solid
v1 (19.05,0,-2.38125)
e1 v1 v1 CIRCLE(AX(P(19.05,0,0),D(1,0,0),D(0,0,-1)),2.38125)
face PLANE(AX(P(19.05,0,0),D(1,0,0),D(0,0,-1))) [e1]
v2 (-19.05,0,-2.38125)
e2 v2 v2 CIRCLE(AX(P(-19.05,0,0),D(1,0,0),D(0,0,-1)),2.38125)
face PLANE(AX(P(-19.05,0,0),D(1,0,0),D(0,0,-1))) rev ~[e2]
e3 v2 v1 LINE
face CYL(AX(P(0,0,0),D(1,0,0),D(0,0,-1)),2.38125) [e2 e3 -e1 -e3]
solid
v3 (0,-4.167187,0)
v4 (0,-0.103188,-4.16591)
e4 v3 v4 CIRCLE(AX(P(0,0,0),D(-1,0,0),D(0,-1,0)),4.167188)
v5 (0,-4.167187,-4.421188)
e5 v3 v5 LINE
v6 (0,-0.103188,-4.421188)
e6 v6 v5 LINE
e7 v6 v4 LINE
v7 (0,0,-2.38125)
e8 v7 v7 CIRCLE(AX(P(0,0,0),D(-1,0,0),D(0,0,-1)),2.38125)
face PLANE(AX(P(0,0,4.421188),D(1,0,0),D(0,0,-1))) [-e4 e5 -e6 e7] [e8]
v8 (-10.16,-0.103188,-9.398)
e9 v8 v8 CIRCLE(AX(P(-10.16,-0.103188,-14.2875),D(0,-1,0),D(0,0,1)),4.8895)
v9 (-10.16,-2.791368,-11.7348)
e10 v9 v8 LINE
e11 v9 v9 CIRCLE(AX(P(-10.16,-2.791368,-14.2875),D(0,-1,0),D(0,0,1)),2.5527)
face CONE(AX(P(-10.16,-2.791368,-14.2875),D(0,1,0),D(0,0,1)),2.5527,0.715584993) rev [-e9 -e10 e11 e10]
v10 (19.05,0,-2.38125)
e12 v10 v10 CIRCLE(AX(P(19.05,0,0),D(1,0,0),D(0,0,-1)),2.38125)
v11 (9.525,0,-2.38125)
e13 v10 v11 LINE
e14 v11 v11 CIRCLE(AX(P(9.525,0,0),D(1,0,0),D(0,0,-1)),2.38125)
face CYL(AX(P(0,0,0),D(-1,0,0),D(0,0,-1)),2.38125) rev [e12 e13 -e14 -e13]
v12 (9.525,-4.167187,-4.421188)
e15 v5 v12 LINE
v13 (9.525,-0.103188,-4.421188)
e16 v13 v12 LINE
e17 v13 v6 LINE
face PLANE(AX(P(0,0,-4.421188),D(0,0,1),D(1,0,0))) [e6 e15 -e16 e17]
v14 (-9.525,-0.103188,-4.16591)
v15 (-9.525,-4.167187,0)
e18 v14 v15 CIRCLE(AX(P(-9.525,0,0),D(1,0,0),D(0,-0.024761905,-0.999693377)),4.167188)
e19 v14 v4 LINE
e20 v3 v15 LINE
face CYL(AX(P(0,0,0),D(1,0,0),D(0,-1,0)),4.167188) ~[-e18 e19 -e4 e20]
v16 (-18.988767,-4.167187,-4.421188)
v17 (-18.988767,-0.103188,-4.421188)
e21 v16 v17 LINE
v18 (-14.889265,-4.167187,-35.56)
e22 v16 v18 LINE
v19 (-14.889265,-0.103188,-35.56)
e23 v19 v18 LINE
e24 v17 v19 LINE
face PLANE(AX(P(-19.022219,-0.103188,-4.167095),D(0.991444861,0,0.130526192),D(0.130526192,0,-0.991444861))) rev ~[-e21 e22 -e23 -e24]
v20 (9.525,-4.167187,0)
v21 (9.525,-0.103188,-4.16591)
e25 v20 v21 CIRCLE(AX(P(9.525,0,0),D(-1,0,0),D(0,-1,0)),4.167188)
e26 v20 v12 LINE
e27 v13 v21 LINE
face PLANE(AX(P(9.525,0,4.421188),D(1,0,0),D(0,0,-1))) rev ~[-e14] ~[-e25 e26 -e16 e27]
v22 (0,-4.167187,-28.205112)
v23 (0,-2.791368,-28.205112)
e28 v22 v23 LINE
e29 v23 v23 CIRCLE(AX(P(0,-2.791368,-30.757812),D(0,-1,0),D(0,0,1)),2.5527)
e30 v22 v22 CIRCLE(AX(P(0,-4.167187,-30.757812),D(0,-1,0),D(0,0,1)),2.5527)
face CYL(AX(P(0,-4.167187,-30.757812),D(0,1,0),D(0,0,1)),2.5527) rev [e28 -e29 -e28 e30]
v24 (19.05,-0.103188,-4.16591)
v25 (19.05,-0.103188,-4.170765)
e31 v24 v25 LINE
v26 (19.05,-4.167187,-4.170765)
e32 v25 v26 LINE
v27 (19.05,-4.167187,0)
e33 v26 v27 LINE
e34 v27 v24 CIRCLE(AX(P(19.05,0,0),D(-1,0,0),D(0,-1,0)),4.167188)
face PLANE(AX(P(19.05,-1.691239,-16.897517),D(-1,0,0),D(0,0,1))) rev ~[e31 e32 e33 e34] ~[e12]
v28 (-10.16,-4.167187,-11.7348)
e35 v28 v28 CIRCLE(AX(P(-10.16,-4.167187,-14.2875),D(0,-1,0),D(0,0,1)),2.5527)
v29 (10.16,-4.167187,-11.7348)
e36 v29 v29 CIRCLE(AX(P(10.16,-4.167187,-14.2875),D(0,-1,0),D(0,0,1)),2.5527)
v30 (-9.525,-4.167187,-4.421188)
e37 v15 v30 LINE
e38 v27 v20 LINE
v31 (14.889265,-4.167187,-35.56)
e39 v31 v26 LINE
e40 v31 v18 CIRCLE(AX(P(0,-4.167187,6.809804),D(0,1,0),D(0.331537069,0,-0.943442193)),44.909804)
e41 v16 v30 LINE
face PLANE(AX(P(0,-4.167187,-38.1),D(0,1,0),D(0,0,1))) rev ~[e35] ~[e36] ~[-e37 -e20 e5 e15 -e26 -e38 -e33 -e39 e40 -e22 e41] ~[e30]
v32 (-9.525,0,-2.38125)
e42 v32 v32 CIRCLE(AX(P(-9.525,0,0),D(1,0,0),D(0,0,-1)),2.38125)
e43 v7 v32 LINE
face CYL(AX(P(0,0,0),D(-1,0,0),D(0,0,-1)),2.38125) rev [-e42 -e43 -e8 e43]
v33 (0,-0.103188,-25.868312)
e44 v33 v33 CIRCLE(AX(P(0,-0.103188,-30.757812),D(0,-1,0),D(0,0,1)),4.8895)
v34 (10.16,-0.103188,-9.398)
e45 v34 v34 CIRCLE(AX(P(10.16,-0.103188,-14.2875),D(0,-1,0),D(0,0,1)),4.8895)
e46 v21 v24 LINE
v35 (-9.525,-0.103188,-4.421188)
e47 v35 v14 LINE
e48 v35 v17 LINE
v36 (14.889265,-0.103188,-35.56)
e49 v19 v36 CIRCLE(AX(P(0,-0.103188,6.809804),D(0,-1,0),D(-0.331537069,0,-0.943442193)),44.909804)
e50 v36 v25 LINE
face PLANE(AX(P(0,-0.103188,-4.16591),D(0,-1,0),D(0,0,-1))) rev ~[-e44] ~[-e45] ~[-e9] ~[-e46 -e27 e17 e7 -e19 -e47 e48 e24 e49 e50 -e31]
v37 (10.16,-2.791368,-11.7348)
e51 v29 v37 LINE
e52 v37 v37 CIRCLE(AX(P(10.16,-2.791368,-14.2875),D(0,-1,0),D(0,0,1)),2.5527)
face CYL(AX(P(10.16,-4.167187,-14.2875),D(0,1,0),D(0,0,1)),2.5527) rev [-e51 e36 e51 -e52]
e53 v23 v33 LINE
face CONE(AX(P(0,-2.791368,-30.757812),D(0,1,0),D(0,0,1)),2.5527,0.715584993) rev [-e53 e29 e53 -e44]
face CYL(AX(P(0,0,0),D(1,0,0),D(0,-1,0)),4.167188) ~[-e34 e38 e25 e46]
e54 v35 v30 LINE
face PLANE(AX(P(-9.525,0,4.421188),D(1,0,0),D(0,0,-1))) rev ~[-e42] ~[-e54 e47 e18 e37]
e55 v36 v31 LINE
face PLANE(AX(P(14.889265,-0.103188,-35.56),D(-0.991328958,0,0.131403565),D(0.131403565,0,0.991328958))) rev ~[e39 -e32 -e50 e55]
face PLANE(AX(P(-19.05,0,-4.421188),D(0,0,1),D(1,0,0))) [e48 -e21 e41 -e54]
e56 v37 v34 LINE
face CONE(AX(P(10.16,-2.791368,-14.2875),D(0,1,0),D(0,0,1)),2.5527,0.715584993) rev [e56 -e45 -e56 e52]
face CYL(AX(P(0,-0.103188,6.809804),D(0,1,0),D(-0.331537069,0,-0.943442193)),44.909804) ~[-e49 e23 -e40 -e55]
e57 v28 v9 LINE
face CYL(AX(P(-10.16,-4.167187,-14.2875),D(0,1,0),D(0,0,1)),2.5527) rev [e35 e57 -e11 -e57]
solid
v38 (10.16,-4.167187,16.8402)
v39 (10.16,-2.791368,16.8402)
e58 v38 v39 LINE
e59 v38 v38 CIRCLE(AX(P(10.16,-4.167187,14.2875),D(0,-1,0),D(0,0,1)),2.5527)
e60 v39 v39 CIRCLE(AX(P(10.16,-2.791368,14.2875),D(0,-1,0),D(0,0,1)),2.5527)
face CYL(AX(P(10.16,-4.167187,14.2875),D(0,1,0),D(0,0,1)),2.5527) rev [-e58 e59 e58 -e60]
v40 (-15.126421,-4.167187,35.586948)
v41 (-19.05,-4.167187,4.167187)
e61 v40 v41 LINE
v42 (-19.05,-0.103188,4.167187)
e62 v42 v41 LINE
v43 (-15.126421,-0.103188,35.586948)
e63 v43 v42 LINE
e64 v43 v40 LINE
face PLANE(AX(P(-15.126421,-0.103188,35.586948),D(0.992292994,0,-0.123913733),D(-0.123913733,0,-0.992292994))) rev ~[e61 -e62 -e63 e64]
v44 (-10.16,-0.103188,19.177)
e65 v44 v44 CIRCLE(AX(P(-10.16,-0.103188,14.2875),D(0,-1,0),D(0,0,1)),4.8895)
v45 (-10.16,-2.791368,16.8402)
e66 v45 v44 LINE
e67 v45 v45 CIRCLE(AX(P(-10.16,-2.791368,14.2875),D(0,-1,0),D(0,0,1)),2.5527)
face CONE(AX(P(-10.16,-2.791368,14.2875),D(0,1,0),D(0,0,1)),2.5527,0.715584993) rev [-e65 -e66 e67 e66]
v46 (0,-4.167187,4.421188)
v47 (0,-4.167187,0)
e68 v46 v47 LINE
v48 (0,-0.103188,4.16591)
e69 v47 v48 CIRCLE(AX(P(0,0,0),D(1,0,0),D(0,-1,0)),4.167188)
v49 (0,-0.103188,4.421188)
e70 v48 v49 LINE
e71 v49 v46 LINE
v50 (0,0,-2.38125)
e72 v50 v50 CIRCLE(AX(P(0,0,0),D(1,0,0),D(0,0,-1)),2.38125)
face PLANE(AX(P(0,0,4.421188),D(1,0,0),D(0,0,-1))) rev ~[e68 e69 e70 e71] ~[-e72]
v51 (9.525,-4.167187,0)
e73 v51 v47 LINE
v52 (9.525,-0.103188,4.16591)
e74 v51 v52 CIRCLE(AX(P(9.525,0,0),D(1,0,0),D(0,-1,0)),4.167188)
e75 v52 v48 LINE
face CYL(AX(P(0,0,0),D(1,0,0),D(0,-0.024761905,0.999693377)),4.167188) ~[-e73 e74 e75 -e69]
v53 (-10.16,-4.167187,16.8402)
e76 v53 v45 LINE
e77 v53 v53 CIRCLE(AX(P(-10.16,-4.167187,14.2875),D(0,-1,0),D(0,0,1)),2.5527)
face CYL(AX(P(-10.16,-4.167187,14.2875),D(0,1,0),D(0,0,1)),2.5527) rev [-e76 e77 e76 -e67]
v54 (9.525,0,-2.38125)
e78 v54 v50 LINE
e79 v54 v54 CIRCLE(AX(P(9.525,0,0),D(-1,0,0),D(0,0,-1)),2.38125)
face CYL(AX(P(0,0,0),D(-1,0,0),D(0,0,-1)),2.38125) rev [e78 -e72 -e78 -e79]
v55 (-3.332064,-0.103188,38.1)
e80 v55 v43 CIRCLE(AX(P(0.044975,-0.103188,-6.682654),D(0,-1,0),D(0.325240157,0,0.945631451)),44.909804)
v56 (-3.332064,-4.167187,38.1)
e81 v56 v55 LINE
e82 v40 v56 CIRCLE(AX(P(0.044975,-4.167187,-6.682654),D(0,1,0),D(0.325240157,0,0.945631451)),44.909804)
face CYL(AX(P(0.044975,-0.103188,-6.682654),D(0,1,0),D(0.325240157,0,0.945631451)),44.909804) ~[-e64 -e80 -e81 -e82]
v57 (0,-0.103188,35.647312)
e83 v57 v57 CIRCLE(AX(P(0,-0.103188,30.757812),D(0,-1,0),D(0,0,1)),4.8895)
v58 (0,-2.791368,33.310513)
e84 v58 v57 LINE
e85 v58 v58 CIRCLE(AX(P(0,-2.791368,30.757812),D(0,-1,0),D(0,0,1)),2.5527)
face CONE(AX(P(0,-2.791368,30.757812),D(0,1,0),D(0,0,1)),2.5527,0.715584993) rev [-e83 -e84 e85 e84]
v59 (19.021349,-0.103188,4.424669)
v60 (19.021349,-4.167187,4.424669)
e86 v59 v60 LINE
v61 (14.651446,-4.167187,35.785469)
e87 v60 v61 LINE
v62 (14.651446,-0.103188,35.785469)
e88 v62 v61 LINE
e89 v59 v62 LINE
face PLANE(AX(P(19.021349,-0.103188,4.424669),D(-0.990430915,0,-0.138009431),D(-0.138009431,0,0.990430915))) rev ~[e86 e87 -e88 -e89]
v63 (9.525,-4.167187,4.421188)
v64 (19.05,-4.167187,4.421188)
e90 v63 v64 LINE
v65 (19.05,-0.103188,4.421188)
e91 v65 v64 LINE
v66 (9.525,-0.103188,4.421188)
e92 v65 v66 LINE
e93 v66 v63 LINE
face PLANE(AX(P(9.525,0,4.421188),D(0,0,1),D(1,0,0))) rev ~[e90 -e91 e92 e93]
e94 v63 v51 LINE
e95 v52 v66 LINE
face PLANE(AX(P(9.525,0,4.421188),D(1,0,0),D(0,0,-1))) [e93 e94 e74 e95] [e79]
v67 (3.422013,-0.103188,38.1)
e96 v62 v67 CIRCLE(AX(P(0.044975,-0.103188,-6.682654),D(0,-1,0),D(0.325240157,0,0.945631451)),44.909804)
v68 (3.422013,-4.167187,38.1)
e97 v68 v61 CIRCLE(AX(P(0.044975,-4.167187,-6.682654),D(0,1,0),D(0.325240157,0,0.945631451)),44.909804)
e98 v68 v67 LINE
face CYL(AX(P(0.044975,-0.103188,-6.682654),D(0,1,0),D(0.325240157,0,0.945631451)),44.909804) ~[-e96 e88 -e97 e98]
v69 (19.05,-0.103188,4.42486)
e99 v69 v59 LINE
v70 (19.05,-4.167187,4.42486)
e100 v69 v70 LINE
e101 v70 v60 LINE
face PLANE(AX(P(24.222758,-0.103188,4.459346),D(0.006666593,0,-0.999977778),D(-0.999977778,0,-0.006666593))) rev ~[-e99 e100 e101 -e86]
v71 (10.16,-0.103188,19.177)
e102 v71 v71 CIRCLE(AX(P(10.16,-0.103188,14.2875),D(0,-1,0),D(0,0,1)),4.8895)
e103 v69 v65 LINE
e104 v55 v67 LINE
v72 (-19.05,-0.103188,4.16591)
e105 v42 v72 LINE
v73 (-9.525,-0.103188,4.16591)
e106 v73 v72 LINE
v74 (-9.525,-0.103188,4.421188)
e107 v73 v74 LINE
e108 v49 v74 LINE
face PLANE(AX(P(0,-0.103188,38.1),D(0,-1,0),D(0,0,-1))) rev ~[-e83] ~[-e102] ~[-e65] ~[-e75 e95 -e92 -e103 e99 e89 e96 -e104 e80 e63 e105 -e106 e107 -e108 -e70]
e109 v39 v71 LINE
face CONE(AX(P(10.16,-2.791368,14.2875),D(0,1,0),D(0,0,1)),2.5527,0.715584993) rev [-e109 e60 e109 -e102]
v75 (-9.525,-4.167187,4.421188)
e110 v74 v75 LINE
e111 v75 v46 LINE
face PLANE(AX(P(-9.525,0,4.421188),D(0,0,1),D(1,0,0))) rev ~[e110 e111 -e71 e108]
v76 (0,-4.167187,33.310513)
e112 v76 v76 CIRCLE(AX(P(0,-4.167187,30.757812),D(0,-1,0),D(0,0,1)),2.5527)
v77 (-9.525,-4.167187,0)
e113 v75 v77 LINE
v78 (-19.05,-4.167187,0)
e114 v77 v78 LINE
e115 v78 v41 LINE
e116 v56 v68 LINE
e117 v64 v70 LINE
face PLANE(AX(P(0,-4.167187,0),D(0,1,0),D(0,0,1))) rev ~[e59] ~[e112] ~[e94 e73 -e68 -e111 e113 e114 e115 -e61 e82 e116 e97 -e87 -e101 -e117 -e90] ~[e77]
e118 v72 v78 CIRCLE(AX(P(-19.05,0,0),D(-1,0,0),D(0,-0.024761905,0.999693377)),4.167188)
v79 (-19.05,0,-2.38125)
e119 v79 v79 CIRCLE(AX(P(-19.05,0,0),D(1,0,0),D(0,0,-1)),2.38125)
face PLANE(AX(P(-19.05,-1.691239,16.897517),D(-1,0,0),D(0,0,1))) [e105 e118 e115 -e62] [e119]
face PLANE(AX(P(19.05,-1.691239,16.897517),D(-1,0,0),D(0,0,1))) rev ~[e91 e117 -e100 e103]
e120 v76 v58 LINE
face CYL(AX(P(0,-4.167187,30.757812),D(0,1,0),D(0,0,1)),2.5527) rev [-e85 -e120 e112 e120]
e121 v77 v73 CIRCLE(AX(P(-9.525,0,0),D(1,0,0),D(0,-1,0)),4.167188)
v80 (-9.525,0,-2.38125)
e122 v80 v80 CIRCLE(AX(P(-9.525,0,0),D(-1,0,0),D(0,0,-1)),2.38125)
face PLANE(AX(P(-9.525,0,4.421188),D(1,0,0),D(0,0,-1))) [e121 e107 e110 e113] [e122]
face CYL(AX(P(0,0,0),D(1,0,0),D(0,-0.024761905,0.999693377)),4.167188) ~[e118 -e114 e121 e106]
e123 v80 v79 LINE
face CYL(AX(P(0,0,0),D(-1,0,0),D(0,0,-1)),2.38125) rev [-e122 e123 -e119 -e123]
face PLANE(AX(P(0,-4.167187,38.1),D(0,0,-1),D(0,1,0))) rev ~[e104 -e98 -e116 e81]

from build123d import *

# Parameters (mm, degrees)
SKETCH1_R                                    = 2.38125
LEFT_LEAF_DEPTH                              = 19.05
SKETCH2_W                                    = 9.525
SKETCH2_H                                    = 8.588375
CUT_EXTRUDE1_DEPTH                           = 5.1671875
CUT_EXTRUDE1_DEPTH_BACK                      = 5.1671875
SKETCH3_R                                    = 2.38125
RIGHT_LEAF_DEPTH                             = 19.05
SKETCH9_W                                    = 9.525
SKETCH9_H                                    = 8.842375
CUT_EXTRUDE2_DEPTH                           = 5.1671875
CUT_EXTRUDE2_DEPTH_BACK                      = 5.1671875
SKETCH10_R                                   = 2.38125
EXTRUDE1_DEPTH                               = 19.05
CUT_EXTRUDE3_DEPTH                           = 5.064
CSK_FOR_10_FLAT_HEAD_MACHINE_SCREW1_AT_COUNT = 2
CSK_FOR_10_FLAT_HEAD_MACHINE_SCREW1_AT_PITCH = 19.351919642
CSK_FOR_10_FLAT_HEAD_MACHINE_SCREW1_2_COUNT  = 2
CSK_FOR_10_FLAT_HEAD_MACHINE_SCREW1_2_PITCH  = 19.351919642
CSK_FOR_10_FLAT_HEAD_MACHINE_SCREW1_3_COUNT  = 2
CSK_FOR_10_FLAT_HEAD_MACHINE_SCREW1_3_PITCH  = 46.176896585
CSK_FOR_10_FLAT_HEAD_MACHINE_SCREW1_4_COUNT  = 2
CSK_FOR_10_FLAT_HEAD_MACHINE_SCREW1_4_PITCH  = 46.176896585
CSK_FOR_10_FLAT_HEAD_MACHINE_SCREW1_5_COUNT  = 2
CSK_FOR_10_FLAT_HEAD_MACHINE_SCREW1_5_PITCH  = 61.515625


with BuildPart() as part:
    # Sketch1 → Left Leaf (new body, symmetric)
    with BuildSketch(Plane(origin=(0, 0, 0), x_dir=(0, 0, -1), z_dir=(1, 0, 0))):
        with BuildLine():
            Line((-38.1, -0.1031875), (-4.165909745, -0.1031875))
            ThreePointArc((-4.165909745, -0.1031875), (2.909935566, 2.982905741), (0, -4.1671875))
            Line((0, -4.1671875), (-38.1, -4.1671875))
            Line((-38.1, -4.1671875), (-38.1, -0.1031875))
        make_face()
        Circle(SKETCH1_R, mode=Mode.SUBTRACT)
    extrude(amount=LEFT_LEAF_DEPTH, both=True)

    # Sketch2 → Cut-Extrude1 (cut, two sides)
    with BuildSketch(Plane(origin=(0, 0, 0), x_dir=(1, 0, 0), z_dir=(0, 1, 0))) as cut_extrude1_sk:
        with Locations((-4.7625, -0.127)):
            Rectangle(SKETCH2_W, SKETCH2_H)
        with Locations((14.2875, -0.127)):
            Rectangle(SKETCH2_W, SKETCH2_H)
    extrude(amount=CUT_EXTRUDE1_DEPTH, mode=Mode.SUBTRACT)
    extrude(cut_extrude1_sk.sketch, amount=-CUT_EXTRUDE1_DEPTH_BACK, mode=Mode.SUBTRACT)


with BuildPart() as body_2:
    # Sketch3 → Right Leaf (new body, symmetric)
    with BuildSketch(Plane(origin=(0, 0, 0), x_dir=(0, 0, -1), z_dir=(1, 0, 0))):
        with BuildLine():
            Line((38.1, -0.1031875), (38.1, -4.1671875))
            Line((38.1, -4.1671875), (0, -4.1671875))
            ThreePointArc((0, -4.1671875), (-2.909935566, 2.982905741), (4.165909745, -0.1031875))
            Line((4.165909745, -0.1031875), (38.1, -0.1031875))
        make_face()
        Circle(SKETCH3_R, mode=Mode.SUBTRACT)
    extrude(amount=RIGHT_LEAF_DEPTH, both=True)

    # Sketch9 → Cut-Extrude2 (cut, two sides)
    with BuildSketch(Plane(origin=(0, 0, 0), x_dir=(1, 0, 0), z_dir=(0, 1, 0))) as cut_extrude2_sk:
        with Locations((-14.2875, 0)):
            Rectangle(SKETCH9_W, SKETCH9_H)
        with Locations((4.7625, 0)):
            Rectangle(SKETCH9_W, SKETCH9_H)
    extrude(amount=CUT_EXTRUDE2_DEPTH, mode=Mode.SUBTRACT)
    extrude(cut_extrude2_sk.sketch, amount=-CUT_EXTRUDE2_DEPTH_BACK, mode=Mode.SUBTRACT)


with BuildPart() as body_3:
    # Sketch10 → Extrude1 (new body, symmetric)
    with BuildSketch(Plane(origin=(0, 0, 0), x_dir=(0, 0, -1), z_dir=(1, 0, 0))):
        Circle(SKETCH10_R)
    extrude(amount=EXTRUDE1_DEPTH, both=True)


with BuildPart() as cut_extrude3_tool:
    # Sketch13 → Cut-Extrude3 (new body, through all)
    with BuildSketch(Plane(origin=(0, -0.1031875, 0), x_dir=(-1, 0, 0), z_dir=(0, 1, 0))):
        with BuildLine():
            Line((19.022219059, -4.167094897), (14.889264695, -35.56))
            ThreePointArc((14.889264695, -35.56), (0, -38.1), (-14.889264695, -35.56))
            Line((-14.889264695, -35.56), (-19.05, -4.170764834))
            Line((-19.05, -4.170764834), (-24.251524546, -4.170764834))
            Line((-24.251524546, -4.170764834), (-24.251524546, -58.581674997))
            Line((-24.251524546, -58.581674997), (25.352500978, -58.581674997))
            Line((25.352500978, -58.581674997), (25.352500978, -4.167094897))
            Line((25.352500978, -4.167094897), (19.022219059, -4.167094897))
        make_face()
        with BuildLine():
            Line((-23.86002214, 58.869046819), (-24.22275751, 4.459345774))
            Line((-24.22275751, 4.459345774), (-19.021348553, 4.424669329))
            Line((-19.021348553, 4.424669329), (-14.651446465, 35.785469037))
            ThreePointArc((-14.651446465, 35.785469037), (0.254420506, 38.226151932), (15.126421188, 35.586947714))
            Line((15.126421188, 35.586947714), (19.05, 4.1671875))
            Line((19.05, 4.1671875), (25.380141248, 4.124986089))
            Line((25.380141248, 4.124986089), (25.742901085, 58.53835699))
            Line((25.742901085, 58.53835699), (-23.86002214, 58.869046819))
        make_face()
    extrude(amount=-CUT_EXTRUDE3_DEPTH)


with BuildPart() as part_1:
    add(part.part)

    # Cut-Extrude3: cut by cut_extrude3_tool
    add(cut_extrude3_tool.part, mode=Mode.SUBTRACT)


with BuildPart() as body_2_1:
    add(body_2.part)

    # Cut-Extrude3: cut by cut_extrude3_tool
    add(cut_extrude3_tool.part, mode=Mode.SUBTRACT)

    # Sketch12 → CSK for #10 Flat Head Machine Screw1 (revolve, cut)
    with BuildSketch(Plane(origin=(0, -0.1031875, -30.7578125), x_dir=(0, 0, 1), z_dir=(1, 0, 0))):
        Polygon((0, 0), (0, 4.064), (2.5527, 4.064), (2.5527, 2.688180894), (4.8895, 0), align=None)
    csk_for_10_flat_head_machine_screw1 = revolve(axis=Axis((0, 6.2468125, -30.7578125), (0, -1, 0)), mode=Mode.SUBTRACT)

    # CSK for #10 Flat Head Machine Screw1 at: CSK for #10 Flat Head Machine Screw1 ×2
    with Locations(*[Vector(-0.525012515, 0, 0.851094507) * (i * CSK_FOR_10_FLAT_HEAD_MACHINE_SCREW1_AT_PITCH) for i in range(1, CSK_FOR_10_FLAT_HEAD_MACHINE_SCREW1_AT_COUNT)]):
        add(csk_for_10_flat_head_machine_screw1, mode=Mode.SUBTRACT)

    # CSK for _10 Flat Head Machine Screw1 2: CSK for #10 Flat Head Machine Screw1 ×2
    with Locations(*[Vector(0.525012515, 0, 0.851094507) * (i * CSK_FOR_10_FLAT_HEAD_MACHINE_SCREW1_2_PITCH) for i in range(1, CSK_FOR_10_FLAT_HEAD_MACHINE_SCREW1_2_COUNT)]):
        add(csk_for_10_flat_head_machine_screw1, mode=Mode.SUBTRACT)


with BuildPart() as part_2:
    add(part_1.part)

    # CSK for _10 Flat Head Machine Screw1 3: CSK for #10 Flat Head Machine Screw1 ×2
    with Locations(*[Vector(-0.220023448, 0, 0.975494583) * (i * CSK_FOR_10_FLAT_HEAD_MACHINE_SCREW1_3_PITCH) for i in range(1, CSK_FOR_10_FLAT_HEAD_MACHINE_SCREW1_3_COUNT)]):
        add(csk_for_10_flat_head_machine_screw1, mode=Mode.SUBTRACT)

    # CSK for _10 Flat Head Machine Screw1 4: CSK for #10 Flat Head Machine Screw1 ×2
    with Locations(*[Vector(0.220023448, 0, 0.975494583) * (i * CSK_FOR_10_FLAT_HEAD_MACHINE_SCREW1_4_PITCH) for i in range(1, CSK_FOR_10_FLAT_HEAD_MACHINE_SCREW1_4_COUNT)]):
        add(csk_for_10_flat_head_machine_screw1, mode=Mode.SUBTRACT)

    # CSK for _10 Flat Head Machine Screw1 5: CSK for #10 Flat Head Machine Screw1 ×2
    with Locations(*[(0, 0, i * CSK_FOR_10_FLAT_HEAD_MACHINE_SCREW1_5_PITCH) for i in range(1, CSK_FOR_10_FLAT_HEAD_MACHINE_SCREW1_5_COUNT)]):
        add(csk_for_10_flat_head_machine_screw1, mode=Mode.SUBTRACT)


solid = Compound([body_3.part, body_2_1.part, part_2.part])
